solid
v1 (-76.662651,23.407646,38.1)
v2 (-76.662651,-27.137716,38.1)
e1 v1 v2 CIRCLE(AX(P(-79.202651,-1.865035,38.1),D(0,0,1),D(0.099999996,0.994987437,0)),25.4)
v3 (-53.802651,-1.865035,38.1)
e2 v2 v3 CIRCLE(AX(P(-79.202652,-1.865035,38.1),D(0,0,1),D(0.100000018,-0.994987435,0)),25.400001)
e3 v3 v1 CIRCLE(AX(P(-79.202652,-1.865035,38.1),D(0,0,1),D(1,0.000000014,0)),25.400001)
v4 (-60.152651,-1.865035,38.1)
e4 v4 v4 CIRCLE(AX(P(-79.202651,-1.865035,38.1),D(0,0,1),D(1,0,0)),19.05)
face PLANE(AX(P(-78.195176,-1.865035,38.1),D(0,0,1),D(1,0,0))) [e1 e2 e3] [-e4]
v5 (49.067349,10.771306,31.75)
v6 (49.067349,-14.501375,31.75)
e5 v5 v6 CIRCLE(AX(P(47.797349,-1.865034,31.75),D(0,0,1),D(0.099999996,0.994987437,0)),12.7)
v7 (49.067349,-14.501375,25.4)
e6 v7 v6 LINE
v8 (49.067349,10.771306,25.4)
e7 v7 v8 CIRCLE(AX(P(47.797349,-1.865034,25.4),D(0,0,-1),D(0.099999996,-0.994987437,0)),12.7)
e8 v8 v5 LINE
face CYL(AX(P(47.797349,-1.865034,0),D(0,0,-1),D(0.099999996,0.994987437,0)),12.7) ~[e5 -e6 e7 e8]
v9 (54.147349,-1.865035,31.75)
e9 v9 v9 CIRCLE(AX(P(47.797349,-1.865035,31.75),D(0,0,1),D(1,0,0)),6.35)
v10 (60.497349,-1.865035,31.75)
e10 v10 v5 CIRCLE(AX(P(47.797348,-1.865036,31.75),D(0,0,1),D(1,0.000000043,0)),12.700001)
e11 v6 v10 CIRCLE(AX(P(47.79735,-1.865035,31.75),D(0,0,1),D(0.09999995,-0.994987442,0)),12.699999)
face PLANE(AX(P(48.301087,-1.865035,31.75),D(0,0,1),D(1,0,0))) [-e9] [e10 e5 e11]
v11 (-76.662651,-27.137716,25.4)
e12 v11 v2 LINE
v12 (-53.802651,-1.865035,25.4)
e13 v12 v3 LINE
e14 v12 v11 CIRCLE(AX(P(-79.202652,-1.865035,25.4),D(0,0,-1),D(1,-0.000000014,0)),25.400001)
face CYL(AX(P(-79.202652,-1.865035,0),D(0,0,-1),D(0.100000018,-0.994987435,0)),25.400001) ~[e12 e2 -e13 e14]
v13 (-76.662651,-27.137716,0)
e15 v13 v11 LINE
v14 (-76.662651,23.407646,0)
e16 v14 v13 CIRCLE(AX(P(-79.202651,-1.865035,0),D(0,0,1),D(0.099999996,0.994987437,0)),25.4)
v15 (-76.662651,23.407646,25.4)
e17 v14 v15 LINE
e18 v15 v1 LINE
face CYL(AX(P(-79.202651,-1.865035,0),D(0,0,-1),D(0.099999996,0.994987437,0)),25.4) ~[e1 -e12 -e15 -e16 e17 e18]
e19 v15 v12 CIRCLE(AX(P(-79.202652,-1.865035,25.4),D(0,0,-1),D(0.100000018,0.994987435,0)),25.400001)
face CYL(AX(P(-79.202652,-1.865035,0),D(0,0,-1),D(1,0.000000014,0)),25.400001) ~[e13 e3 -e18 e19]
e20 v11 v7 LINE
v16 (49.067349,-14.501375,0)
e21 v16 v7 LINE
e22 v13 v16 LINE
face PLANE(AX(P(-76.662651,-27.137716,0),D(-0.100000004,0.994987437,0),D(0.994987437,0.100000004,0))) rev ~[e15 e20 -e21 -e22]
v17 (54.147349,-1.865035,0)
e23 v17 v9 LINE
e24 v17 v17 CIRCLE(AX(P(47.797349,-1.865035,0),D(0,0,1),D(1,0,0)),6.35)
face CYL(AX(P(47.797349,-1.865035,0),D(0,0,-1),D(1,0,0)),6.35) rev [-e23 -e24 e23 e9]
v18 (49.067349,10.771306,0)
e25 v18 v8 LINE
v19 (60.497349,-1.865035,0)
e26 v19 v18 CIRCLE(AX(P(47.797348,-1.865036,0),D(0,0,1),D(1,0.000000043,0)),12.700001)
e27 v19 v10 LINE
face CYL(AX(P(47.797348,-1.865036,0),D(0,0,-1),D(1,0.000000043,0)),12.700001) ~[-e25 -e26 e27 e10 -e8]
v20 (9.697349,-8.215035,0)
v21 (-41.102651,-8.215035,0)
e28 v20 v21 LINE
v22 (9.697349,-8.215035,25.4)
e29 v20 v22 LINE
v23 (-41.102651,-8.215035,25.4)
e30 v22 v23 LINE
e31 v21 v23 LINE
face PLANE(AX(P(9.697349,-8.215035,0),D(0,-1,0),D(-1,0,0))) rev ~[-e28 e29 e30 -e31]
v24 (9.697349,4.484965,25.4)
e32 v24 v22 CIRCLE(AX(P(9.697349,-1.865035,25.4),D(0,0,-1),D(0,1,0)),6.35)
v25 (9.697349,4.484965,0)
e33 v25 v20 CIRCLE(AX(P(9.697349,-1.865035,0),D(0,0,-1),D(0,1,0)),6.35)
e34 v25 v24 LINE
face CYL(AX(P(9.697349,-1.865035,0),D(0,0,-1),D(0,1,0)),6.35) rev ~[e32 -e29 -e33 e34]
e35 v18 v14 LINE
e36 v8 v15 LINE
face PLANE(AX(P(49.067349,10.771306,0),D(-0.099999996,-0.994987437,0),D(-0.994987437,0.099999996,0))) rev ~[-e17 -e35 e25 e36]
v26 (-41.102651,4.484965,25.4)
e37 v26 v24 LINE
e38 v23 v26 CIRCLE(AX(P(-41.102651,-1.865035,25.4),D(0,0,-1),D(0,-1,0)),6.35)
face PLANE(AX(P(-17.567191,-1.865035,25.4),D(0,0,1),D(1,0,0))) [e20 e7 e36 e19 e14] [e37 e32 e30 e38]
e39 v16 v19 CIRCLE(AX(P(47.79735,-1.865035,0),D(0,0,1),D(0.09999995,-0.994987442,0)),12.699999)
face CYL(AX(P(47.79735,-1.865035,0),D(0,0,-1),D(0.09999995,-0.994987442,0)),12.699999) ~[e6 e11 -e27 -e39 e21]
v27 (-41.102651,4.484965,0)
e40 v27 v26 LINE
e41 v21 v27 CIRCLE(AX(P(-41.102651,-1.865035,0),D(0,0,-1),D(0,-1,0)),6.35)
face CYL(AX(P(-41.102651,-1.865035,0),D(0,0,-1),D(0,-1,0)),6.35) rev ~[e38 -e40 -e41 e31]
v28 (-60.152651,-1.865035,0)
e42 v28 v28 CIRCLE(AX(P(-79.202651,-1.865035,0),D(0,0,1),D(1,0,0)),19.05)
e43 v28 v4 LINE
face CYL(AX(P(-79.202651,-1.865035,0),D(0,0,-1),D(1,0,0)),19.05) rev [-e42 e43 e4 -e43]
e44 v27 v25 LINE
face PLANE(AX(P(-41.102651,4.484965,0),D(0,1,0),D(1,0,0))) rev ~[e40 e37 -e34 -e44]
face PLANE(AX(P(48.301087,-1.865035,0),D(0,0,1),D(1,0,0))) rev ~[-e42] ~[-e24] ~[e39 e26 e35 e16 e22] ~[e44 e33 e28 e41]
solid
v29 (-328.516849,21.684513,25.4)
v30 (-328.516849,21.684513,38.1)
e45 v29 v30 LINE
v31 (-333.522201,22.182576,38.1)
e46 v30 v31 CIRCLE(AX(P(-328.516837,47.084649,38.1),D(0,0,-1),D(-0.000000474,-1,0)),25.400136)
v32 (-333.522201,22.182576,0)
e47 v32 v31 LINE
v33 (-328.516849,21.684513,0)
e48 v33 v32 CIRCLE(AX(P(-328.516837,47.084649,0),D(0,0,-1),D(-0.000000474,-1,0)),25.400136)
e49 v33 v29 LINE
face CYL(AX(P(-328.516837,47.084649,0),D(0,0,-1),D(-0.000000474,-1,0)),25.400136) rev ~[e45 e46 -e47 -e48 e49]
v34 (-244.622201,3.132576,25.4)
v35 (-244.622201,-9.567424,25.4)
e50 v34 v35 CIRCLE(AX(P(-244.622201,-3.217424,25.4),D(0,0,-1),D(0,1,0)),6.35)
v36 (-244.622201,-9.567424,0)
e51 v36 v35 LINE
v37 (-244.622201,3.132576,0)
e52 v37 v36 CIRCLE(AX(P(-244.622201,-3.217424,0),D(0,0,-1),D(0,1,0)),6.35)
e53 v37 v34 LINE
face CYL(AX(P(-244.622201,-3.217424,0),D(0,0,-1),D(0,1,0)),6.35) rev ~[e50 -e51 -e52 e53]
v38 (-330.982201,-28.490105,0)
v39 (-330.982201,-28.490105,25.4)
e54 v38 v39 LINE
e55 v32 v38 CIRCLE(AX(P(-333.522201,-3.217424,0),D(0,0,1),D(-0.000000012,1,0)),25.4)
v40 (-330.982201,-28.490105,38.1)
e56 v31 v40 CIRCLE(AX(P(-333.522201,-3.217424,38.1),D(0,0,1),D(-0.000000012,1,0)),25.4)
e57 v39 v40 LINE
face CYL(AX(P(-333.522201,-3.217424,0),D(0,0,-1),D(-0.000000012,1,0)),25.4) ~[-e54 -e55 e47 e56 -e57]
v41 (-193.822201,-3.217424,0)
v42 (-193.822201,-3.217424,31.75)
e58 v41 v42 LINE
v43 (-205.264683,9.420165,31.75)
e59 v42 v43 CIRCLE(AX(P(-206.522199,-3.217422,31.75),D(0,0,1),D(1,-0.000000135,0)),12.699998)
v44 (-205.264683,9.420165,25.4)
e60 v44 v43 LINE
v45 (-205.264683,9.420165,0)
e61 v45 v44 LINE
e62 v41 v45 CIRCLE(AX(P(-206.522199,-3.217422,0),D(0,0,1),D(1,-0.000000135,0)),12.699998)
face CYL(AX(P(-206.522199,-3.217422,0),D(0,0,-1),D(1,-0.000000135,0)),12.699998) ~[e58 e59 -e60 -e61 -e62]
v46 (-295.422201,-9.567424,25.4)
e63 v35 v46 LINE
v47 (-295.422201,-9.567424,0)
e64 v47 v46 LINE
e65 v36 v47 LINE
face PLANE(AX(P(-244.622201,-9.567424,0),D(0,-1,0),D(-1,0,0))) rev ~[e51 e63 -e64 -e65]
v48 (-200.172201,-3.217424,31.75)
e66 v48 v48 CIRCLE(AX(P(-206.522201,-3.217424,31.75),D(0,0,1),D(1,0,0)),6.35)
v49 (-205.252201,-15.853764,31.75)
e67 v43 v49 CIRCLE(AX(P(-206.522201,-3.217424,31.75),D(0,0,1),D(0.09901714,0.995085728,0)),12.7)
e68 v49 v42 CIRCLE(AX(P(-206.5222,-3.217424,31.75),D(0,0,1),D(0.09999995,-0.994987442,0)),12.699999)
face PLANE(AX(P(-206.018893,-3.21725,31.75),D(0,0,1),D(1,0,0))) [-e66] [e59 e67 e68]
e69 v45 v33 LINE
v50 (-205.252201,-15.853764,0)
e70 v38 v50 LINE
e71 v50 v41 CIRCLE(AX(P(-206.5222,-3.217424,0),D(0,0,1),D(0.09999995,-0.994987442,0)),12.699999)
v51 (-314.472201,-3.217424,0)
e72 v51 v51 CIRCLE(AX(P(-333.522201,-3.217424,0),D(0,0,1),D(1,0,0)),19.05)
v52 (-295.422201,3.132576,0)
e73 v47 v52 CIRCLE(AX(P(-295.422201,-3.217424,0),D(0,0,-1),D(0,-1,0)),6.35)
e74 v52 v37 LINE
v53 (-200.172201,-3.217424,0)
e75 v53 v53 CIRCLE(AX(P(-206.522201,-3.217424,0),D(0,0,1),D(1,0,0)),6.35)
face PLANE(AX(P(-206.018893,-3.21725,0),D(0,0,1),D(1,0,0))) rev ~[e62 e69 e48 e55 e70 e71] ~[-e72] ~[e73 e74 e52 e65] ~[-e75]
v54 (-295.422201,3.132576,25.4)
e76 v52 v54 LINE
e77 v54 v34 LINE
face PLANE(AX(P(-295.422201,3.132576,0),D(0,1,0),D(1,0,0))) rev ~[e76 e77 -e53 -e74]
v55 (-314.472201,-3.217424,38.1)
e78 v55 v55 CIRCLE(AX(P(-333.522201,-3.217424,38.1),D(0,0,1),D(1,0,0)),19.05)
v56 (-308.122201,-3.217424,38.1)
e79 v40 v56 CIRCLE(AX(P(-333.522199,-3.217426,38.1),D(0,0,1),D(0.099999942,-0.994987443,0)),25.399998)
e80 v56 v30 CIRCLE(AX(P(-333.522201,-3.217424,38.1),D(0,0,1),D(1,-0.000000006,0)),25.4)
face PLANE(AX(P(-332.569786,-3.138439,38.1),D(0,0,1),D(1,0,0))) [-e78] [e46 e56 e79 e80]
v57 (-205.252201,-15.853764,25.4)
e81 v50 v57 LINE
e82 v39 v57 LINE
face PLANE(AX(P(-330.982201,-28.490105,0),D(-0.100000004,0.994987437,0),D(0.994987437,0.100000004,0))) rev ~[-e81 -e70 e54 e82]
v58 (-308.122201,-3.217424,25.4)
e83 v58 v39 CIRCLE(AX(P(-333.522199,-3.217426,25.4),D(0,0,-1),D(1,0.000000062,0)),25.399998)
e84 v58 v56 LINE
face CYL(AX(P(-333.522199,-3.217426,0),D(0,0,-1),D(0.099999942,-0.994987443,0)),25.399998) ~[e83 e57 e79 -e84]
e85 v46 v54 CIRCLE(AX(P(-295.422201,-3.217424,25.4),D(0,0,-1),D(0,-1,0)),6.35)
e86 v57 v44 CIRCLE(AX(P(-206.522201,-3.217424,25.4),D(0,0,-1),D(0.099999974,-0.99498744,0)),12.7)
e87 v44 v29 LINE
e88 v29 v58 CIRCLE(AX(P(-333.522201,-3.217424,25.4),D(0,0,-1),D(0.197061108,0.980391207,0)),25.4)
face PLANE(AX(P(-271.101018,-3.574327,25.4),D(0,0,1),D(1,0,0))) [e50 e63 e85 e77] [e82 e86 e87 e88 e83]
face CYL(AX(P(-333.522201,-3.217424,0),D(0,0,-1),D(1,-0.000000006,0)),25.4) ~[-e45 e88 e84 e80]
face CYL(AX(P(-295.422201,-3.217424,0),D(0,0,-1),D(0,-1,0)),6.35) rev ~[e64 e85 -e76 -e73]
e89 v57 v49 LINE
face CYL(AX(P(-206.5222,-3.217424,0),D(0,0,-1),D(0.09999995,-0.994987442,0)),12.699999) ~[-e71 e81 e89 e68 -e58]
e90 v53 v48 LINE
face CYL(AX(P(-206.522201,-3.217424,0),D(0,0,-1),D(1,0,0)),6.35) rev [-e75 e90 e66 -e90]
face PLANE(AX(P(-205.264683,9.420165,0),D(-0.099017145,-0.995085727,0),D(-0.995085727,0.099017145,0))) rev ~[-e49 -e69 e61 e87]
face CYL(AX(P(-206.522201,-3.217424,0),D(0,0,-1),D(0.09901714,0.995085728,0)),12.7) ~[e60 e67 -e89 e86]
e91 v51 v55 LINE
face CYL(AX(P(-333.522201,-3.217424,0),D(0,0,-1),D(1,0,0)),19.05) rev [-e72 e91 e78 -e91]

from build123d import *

# Parameters (mm, degrees)
F0_R     = 19.05
F1_DEPTH = 38.1
F2_DEPTH = 25.4
F0_R_2   = 6.35
F3_DEPTH = 31.75
F4_DEPTH = 38.1
F5_DEPTH = 25.4
F6_DEPTH = 31.75


with BuildPart() as f1:
    # F0 (on Top) → F1 (new body)
    with BuildSketch(Plane.XY):
        with BuildLine():
            ThreePointArc((-76.662651, -27.137716), (-60.365507, -18.903873), (-53.802651, -1.865035))
            ThreePointArc((-53.802651, -1.865035), (-60.365507, 15.173803), (-76.662651, 23.407646))
            ThreePointArc((-76.662651, 23.407646), (-104.602651, -1.865035), (-76.662651, -27.137716))
        make_face()
        with Locations((-79.202651, -1.865035)):
            Circle(F0_R, mode=Mode.SUBTRACT)
    extrude(amount=F1_DEPTH)

    # F0 (on Top) → F2 (join)
    with BuildSketch(Plane.XY):
        with BuildLine():
            ThreePointArc((-76.662651, 23.407646), (-60.365507, 15.173803), (-53.802651, -1.865035))
            ThreePointArc((-53.802651, -1.865035), (-60.365507, -18.903873), (-76.662651, -27.137716))
            Line((-76.662651, -27.137716), (49.067349, -14.501375))
            ThreePointArc((49.067349, -14.501375), (35.097349, -1.865035), (49.067349, 10.771306))
            Line((49.067349, 10.771306), (-76.662651, 23.407646))
        make_face()
        with BuildLine():
            ThreePointArc((-41.102651, -8.215035), (-47.452651, -1.865035), (-41.102651, 4.484965))
            Line((-41.102651, 4.484965), (9.697349, 4.484965))
            ThreePointArc((9.697349, 4.484965), (16.047349, -1.865035), (9.697349, -8.215035))
            Line((9.697349, -8.215035), (-41.102651, -8.215035))
        make_face(mode=Mode.SUBTRACT)
    extrude(amount=F2_DEPTH)

    # F0 (on Top) → F3 (join)
    with BuildSketch(Plane.XY):
        with BuildLine():
            ThreePointArc((60.497349, -1.865035), (57.215921, 6.654384), (49.067349, 10.771306))
            ThreePointArc((49.067349, 10.771306), (35.097349, -1.865035), (49.067349, -14.501375))
            ThreePointArc((49.067349, -14.501375), (57.215921, -10.384454), (60.497349, -1.865035))
        make_face()
        with Locations((47.797349, -1.865035)):
            Circle(F0_R_2, mode=Mode.SUBTRACT)
    extrude(amount=F3_DEPTH)


with BuildPart() as f4:
    # F0 (on Top) → F4 (new body)
    with BuildSketch(Plane.XY):
        with BuildLine():
            ThreePointArc((-328.516849, 21.684513), (-331.031884, 21.809336), (-333.522201, 22.182576))
            ThreePointArc((-333.522201, 22.182576), (-358.890351, -4.489018), (-330.982201, -28.490105))
            ThreePointArc((-330.982201, -28.490105), (-314.685056, -20.256262), (-308.122201, -3.217424))
            ThreePointArc((-308.122201, -3.217424), (-313.871553, 12.876427), (-328.516849, 21.684513))
        make_face()
        with Locations((-333.522201, -3.217424)):
            Circle(F0_R, mode=Mode.SUBTRACT)
    extrude(amount=F4_DEPTH)

    # F0 (on Top) → F5 (join)
    with BuildSketch(Plane.XY):
        with BuildLine():
            ThreePointArc((-308.122201, -3.217424), (-314.685056, -20.256262), (-330.982201, -28.490105))
            Line((-330.982201, -28.490105), (-205.252201, -15.853764))
            ThreePointArc((-205.252201, -15.853764), (-219.222199, -3.223696), (-205.264683, 9.420165))
            Line((-205.264683, 9.420165), (-328.516849, 21.684513))
            ThreePointArc((-328.516849, 21.684513), (-313.871553, 12.876427), (-308.122201, -3.217424))
        make_face()
        with BuildLine():
            ThreePointArc((-295.422201, -9.567424), (-301.772201, -3.217424), (-295.422201, 3.132576))
            Line((-295.422201, 3.132576), (-244.622201, 3.132576))
            ThreePointArc((-244.622201, 3.132576), (-238.272201, -3.217424), (-244.622201, -9.567424))
            Line((-244.622201, -9.567424), (-295.422201, -9.567424))
        make_face(mode=Mode.SUBTRACT)
    extrude(amount=F5_DEPTH)

    # F0 (on Top) → F6 (join)
    with BuildSketch(Plane.XY):
        with BuildLine():
            ThreePointArc((-205.264683, 9.420165), (-219.222199, -3.223696), (-205.252201, -15.853764))
            ThreePointArc((-205.252201, -15.853764), (-197.103629, -11.736843), (-193.822201, -3.217424))
            ThreePointArc((-193.822201, -3.217424), (-197.107837, 5.306646), (-205.264683, 9.420165))
        make_face()
        with Locations((-206.522201, -3.217424)):
            Circle(F0_R_2, mode=Mode.SUBTRACT)
    extrude(amount=F6_DEPTH)


solid = Compound([f1.part, f4.part])
